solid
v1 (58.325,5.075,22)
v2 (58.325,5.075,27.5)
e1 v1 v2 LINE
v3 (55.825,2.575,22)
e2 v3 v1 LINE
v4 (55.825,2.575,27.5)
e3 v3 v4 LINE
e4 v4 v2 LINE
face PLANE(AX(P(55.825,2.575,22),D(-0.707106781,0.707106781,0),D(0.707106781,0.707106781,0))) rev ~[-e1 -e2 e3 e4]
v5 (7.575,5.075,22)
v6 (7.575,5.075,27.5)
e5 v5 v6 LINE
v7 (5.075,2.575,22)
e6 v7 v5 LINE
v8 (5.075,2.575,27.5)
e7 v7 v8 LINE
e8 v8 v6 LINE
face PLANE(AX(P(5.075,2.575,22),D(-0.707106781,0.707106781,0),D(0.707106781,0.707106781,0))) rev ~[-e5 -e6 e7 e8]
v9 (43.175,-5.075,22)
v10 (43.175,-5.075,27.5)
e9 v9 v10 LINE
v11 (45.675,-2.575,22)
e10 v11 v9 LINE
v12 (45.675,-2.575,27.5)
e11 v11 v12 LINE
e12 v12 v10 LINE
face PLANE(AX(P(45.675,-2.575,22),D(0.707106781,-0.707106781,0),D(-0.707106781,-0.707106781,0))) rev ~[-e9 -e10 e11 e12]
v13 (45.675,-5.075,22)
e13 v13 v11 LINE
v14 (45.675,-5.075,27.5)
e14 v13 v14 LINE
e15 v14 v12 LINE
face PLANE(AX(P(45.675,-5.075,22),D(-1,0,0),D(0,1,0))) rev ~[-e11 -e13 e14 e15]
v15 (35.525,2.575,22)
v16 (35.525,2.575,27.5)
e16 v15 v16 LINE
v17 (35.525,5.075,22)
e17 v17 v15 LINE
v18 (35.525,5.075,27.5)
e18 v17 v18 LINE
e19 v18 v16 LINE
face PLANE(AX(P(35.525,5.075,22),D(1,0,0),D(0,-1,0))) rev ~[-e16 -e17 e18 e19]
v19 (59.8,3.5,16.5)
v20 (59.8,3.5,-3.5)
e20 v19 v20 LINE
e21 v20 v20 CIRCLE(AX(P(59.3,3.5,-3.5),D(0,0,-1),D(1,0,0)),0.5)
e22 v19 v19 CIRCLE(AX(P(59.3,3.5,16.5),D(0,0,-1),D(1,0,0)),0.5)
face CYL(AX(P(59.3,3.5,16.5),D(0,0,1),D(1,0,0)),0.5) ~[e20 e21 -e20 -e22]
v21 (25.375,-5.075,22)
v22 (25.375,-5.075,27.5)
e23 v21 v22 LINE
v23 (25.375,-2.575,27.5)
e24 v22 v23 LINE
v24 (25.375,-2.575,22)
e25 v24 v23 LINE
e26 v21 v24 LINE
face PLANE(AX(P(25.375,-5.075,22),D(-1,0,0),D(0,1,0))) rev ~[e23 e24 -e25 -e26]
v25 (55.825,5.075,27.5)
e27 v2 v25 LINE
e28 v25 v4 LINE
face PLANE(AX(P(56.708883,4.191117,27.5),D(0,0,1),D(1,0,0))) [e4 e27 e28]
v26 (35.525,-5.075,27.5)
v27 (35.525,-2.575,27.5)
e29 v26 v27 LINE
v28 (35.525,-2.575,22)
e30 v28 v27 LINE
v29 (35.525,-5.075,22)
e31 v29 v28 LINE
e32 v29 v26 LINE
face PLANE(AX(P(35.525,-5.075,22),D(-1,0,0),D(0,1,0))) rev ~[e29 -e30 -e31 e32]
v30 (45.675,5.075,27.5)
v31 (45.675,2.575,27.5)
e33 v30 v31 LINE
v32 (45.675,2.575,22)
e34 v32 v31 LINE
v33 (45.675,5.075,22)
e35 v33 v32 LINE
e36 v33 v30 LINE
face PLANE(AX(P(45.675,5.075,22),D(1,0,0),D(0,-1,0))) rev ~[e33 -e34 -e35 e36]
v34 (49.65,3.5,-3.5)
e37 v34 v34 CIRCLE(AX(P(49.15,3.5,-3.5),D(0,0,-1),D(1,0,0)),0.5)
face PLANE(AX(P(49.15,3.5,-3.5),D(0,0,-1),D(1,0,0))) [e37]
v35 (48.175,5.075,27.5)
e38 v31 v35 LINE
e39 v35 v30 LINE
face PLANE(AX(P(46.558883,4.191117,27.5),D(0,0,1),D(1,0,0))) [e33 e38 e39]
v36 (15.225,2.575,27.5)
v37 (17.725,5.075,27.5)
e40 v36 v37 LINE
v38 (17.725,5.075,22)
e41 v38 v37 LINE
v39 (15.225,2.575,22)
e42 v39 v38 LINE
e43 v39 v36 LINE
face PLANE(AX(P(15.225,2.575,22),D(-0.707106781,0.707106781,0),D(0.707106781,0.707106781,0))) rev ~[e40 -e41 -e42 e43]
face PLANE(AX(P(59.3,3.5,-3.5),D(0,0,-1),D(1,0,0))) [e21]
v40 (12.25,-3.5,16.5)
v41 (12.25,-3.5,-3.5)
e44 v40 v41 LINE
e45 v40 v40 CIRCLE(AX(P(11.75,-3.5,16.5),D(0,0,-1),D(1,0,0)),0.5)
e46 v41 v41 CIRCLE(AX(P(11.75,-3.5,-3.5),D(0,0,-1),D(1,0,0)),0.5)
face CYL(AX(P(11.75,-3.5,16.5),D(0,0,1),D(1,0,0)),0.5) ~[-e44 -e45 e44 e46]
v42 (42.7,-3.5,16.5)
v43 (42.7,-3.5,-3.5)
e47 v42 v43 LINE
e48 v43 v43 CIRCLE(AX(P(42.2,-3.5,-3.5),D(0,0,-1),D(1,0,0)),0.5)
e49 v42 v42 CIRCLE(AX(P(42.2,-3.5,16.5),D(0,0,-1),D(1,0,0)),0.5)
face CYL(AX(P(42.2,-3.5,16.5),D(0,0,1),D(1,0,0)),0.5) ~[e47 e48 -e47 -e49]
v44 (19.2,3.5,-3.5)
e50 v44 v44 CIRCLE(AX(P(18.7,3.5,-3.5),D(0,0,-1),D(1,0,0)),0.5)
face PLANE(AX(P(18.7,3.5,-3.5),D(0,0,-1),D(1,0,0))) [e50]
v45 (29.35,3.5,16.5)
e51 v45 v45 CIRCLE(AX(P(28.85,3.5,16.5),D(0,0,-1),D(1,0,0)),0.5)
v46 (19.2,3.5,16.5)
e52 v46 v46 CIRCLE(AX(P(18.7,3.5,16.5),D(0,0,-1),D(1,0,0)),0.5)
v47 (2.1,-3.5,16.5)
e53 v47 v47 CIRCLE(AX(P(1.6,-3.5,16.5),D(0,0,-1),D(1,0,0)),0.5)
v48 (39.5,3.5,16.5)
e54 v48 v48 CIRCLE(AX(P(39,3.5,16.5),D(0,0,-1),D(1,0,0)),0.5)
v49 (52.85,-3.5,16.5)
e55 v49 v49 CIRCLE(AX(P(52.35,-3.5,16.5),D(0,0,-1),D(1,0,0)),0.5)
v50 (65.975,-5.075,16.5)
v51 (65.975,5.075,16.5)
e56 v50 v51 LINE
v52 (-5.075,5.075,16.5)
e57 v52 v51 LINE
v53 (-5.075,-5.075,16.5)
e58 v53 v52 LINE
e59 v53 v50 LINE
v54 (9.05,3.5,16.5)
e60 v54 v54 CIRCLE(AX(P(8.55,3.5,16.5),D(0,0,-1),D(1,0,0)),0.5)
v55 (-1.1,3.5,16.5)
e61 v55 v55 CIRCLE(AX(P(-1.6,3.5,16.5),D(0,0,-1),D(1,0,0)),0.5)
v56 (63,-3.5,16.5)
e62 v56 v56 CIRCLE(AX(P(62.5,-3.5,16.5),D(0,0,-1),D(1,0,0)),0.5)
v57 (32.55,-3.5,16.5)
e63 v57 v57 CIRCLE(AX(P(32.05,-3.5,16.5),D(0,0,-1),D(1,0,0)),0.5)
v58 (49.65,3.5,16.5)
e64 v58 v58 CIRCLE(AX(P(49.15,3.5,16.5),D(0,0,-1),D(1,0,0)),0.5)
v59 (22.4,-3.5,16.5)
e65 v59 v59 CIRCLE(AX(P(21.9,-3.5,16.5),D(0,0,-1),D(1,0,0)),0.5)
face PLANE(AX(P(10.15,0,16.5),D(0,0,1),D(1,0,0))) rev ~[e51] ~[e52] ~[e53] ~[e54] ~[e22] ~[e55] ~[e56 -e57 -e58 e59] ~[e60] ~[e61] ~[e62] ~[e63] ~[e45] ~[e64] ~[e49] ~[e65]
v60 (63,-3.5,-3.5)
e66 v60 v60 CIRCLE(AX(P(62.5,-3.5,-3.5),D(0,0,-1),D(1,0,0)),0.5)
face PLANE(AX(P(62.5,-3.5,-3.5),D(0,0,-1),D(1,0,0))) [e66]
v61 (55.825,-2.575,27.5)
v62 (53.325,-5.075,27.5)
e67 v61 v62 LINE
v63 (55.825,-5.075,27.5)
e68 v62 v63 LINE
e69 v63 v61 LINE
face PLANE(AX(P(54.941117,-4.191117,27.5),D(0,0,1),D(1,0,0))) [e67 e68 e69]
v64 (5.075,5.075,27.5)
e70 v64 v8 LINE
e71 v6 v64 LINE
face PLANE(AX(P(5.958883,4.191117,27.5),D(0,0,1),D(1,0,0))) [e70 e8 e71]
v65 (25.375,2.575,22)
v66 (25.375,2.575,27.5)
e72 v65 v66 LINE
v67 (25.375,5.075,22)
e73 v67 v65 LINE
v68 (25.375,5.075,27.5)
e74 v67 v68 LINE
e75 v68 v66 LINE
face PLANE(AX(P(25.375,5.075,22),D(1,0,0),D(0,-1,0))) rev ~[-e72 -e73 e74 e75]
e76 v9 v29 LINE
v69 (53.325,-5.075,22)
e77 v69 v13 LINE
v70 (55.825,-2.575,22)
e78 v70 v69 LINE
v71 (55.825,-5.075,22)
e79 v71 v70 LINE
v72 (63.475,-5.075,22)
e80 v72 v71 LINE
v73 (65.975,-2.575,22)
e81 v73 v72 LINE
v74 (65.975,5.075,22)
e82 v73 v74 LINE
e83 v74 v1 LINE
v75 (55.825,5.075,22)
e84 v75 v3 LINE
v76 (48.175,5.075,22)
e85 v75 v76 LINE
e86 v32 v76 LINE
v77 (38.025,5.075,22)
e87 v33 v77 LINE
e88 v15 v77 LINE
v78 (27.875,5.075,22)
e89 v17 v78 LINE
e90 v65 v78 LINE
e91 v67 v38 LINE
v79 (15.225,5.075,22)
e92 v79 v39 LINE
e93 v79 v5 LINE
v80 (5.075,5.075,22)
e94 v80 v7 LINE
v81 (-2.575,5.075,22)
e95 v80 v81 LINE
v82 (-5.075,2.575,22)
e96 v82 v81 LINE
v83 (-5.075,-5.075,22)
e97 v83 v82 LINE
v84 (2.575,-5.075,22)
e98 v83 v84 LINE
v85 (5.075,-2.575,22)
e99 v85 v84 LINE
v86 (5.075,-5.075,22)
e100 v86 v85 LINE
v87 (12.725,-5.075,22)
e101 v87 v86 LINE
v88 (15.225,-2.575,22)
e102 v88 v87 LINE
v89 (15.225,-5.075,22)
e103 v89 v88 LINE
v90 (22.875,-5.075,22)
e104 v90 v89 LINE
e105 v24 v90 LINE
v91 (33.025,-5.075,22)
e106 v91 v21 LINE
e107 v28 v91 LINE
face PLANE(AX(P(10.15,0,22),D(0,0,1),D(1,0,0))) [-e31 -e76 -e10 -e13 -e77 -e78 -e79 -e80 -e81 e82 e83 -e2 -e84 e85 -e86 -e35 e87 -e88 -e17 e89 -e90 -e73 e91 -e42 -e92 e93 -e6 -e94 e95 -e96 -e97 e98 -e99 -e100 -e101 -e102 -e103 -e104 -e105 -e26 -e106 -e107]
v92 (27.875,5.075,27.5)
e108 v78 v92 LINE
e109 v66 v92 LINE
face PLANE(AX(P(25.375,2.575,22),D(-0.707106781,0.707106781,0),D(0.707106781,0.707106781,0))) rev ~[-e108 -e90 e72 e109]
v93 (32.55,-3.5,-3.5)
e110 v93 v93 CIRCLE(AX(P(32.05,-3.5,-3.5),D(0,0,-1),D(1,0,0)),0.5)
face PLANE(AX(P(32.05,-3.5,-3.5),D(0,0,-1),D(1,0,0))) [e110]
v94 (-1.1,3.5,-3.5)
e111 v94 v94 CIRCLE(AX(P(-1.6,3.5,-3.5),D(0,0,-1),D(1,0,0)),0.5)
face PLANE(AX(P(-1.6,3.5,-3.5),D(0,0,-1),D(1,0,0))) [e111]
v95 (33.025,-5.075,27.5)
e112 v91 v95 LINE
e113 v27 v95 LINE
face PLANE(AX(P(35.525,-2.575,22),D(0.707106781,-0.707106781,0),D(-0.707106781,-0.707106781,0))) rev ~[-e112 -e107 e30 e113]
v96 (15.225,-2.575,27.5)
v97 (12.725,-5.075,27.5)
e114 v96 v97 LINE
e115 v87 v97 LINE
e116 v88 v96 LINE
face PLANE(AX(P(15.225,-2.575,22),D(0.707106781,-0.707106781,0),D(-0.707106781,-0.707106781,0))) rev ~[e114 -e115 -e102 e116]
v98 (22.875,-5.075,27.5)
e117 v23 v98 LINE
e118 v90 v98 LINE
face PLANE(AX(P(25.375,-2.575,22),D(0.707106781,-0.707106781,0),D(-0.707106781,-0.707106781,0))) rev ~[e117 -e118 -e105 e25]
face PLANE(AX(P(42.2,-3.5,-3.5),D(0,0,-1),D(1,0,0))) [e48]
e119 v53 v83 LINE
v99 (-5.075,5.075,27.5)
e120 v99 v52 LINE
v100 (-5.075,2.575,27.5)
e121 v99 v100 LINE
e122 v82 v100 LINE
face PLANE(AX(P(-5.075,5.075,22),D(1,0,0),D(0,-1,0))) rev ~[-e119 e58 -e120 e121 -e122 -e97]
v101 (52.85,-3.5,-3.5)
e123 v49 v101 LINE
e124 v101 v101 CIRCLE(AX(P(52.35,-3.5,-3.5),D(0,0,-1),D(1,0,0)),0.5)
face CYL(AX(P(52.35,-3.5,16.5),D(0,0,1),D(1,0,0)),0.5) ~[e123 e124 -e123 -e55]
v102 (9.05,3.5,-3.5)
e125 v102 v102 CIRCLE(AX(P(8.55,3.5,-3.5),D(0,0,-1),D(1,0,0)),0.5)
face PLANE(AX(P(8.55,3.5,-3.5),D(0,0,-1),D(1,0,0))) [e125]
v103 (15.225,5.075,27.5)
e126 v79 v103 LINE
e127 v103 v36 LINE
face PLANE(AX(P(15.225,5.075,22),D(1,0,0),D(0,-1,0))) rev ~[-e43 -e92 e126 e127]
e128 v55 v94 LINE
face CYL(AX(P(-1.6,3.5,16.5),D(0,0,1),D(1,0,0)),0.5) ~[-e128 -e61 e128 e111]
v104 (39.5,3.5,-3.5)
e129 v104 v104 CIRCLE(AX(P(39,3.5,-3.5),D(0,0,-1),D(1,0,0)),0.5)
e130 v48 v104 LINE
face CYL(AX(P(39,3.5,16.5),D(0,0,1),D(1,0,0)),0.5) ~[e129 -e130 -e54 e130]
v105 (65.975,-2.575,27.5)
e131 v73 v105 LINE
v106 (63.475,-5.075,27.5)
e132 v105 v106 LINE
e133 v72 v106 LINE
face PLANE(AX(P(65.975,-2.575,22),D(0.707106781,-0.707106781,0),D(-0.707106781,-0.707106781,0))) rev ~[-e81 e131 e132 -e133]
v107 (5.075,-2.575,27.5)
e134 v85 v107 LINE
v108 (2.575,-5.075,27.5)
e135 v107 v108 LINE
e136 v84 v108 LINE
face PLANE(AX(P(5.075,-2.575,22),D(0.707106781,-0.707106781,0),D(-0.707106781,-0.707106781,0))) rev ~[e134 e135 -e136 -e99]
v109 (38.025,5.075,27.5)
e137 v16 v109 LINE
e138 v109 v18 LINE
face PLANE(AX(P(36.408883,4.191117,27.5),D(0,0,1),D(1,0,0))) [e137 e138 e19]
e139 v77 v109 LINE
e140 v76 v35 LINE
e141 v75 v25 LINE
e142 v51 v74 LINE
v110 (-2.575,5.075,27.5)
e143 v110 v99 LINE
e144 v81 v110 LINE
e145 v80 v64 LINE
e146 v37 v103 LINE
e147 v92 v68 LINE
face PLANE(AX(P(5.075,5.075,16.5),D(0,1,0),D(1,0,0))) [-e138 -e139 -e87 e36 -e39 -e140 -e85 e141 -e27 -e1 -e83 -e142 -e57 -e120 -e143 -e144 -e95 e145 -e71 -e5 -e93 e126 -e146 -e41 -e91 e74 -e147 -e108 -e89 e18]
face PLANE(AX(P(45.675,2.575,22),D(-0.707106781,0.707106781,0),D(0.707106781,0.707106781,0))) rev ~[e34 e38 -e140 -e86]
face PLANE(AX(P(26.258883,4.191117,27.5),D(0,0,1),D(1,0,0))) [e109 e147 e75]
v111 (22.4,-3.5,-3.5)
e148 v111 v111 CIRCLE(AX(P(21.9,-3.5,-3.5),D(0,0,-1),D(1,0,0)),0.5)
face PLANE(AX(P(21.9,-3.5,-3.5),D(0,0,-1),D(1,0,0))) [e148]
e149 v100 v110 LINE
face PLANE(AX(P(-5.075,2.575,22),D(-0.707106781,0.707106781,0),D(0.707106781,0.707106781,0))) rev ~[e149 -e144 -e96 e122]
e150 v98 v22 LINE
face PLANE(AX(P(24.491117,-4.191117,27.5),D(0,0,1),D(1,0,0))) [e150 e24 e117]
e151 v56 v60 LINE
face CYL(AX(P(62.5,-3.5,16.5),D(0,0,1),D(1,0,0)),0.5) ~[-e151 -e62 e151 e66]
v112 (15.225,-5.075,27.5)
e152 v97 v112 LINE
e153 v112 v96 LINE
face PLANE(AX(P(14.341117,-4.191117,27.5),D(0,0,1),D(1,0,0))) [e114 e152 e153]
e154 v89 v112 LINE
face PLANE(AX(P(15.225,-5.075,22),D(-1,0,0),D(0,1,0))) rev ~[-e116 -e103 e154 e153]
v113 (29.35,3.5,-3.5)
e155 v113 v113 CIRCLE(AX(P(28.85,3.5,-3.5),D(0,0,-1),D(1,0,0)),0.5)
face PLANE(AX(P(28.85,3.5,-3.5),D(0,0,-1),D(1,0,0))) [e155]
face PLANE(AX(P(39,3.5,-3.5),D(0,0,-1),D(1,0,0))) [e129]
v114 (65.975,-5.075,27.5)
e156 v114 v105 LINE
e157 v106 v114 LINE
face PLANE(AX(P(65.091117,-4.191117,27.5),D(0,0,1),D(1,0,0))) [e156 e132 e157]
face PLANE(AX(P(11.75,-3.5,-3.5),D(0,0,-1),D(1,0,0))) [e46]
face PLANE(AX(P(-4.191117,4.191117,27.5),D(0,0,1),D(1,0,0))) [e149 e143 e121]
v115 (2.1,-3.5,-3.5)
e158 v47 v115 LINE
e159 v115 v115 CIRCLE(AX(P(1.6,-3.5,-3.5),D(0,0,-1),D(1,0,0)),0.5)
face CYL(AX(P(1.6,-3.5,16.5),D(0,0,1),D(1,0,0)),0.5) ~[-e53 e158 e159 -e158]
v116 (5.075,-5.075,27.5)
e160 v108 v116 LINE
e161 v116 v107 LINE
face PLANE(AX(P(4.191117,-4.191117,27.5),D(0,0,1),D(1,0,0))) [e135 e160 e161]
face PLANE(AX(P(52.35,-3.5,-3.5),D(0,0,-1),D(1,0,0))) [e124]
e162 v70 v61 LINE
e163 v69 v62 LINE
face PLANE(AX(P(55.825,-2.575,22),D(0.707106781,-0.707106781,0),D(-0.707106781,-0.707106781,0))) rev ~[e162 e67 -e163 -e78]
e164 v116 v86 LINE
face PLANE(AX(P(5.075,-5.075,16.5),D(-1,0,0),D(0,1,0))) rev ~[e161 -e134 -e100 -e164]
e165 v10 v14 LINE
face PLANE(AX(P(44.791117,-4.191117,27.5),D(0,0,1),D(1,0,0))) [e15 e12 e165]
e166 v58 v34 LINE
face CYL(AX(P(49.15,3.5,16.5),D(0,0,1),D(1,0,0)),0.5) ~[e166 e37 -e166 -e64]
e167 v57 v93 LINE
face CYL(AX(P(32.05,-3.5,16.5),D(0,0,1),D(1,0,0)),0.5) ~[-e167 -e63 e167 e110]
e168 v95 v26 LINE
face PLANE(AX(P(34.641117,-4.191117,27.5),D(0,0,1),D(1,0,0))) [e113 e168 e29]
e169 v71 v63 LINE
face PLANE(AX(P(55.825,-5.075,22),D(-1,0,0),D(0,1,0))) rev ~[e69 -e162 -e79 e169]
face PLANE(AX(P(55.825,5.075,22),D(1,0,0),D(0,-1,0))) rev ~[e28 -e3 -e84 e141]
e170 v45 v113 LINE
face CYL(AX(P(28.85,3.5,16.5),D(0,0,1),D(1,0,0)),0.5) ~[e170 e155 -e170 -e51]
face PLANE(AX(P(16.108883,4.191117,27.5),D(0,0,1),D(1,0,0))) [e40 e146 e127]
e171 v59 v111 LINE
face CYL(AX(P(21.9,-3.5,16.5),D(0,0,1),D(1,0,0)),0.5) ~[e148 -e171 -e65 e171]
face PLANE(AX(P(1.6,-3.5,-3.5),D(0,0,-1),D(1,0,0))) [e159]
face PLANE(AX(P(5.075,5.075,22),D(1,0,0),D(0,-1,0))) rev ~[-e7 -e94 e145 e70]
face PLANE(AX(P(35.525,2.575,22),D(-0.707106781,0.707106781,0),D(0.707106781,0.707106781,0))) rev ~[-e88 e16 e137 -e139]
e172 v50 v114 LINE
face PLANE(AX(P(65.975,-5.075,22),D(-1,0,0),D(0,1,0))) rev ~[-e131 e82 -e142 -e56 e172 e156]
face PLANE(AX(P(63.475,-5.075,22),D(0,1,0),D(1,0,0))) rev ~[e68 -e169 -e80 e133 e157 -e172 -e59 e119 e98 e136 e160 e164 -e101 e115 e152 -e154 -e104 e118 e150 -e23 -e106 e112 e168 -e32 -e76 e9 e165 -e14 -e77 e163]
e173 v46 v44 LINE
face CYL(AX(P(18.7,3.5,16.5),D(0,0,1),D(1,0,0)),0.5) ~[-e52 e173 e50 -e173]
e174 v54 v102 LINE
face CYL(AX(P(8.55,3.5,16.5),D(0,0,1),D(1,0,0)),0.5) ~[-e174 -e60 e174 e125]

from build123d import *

# Parameters (mm, degrees)
SKETCH_W            = 10.15
SKETCH_H            = 10.15
PAD_DEPTH           = 5.5
PAD001_DEPTH        = 5.5
SKETCH003_R         = 0.5
PAD003_DEPTH        = 20
LINEARPATTERN_COUNT = 7
LINEARPATTERN_PITCH = 10.15


with BuildPart() as part:
    # Sketch → Pad (new body)
    with BuildSketch(Plane.XY):
        Rectangle(SKETCH_W, SKETCH_H)
    pad = extrude(amount=PAD_DEPTH)

    # Sketch001 (on Face6 of Pad) → Pad001 (join)
    with BuildSketch(Plane.XY.offset(5.5)):
        Polygon((-5.075, 2.575), (-2.575, 5.075), (-5.075, 5.075), align=None)
        Polygon((2.575, -5.075), (5.075, -5.075), (5.075, -2.575), align=None)
    pad001 = extrude(amount=PAD001_DEPTH)

    # Sketch003 (on Face4 of Pad001) → Pad003 (join)
    with BuildSketch(Plane(origin=(0, 0, 0), x_dir=(1, 0, 0), z_dir=(0, 0, -1))):
        with Locations((1.6, 3.5)):
            Circle(SKETCH003_R)
        with Locations((-1.6, -3.5)):
            Circle(SKETCH003_R)
    pad003 = extrude(amount=PAD003_DEPTH)

    # LinearPattern: Pad, Pad001, Pad003 ×7
    with Locations(*[(i * LINEARPATTERN_PITCH, 0, 0) for i in range(1, LINEARPATTERN_COUNT)]):
        add(pad)
        add(pad001)
        add(pad003)


with BuildPart() as part_1:
    # Body placement: moved
    add(part.part.moved(Location((0, 0, 16.5))))


solid = part_1.part
